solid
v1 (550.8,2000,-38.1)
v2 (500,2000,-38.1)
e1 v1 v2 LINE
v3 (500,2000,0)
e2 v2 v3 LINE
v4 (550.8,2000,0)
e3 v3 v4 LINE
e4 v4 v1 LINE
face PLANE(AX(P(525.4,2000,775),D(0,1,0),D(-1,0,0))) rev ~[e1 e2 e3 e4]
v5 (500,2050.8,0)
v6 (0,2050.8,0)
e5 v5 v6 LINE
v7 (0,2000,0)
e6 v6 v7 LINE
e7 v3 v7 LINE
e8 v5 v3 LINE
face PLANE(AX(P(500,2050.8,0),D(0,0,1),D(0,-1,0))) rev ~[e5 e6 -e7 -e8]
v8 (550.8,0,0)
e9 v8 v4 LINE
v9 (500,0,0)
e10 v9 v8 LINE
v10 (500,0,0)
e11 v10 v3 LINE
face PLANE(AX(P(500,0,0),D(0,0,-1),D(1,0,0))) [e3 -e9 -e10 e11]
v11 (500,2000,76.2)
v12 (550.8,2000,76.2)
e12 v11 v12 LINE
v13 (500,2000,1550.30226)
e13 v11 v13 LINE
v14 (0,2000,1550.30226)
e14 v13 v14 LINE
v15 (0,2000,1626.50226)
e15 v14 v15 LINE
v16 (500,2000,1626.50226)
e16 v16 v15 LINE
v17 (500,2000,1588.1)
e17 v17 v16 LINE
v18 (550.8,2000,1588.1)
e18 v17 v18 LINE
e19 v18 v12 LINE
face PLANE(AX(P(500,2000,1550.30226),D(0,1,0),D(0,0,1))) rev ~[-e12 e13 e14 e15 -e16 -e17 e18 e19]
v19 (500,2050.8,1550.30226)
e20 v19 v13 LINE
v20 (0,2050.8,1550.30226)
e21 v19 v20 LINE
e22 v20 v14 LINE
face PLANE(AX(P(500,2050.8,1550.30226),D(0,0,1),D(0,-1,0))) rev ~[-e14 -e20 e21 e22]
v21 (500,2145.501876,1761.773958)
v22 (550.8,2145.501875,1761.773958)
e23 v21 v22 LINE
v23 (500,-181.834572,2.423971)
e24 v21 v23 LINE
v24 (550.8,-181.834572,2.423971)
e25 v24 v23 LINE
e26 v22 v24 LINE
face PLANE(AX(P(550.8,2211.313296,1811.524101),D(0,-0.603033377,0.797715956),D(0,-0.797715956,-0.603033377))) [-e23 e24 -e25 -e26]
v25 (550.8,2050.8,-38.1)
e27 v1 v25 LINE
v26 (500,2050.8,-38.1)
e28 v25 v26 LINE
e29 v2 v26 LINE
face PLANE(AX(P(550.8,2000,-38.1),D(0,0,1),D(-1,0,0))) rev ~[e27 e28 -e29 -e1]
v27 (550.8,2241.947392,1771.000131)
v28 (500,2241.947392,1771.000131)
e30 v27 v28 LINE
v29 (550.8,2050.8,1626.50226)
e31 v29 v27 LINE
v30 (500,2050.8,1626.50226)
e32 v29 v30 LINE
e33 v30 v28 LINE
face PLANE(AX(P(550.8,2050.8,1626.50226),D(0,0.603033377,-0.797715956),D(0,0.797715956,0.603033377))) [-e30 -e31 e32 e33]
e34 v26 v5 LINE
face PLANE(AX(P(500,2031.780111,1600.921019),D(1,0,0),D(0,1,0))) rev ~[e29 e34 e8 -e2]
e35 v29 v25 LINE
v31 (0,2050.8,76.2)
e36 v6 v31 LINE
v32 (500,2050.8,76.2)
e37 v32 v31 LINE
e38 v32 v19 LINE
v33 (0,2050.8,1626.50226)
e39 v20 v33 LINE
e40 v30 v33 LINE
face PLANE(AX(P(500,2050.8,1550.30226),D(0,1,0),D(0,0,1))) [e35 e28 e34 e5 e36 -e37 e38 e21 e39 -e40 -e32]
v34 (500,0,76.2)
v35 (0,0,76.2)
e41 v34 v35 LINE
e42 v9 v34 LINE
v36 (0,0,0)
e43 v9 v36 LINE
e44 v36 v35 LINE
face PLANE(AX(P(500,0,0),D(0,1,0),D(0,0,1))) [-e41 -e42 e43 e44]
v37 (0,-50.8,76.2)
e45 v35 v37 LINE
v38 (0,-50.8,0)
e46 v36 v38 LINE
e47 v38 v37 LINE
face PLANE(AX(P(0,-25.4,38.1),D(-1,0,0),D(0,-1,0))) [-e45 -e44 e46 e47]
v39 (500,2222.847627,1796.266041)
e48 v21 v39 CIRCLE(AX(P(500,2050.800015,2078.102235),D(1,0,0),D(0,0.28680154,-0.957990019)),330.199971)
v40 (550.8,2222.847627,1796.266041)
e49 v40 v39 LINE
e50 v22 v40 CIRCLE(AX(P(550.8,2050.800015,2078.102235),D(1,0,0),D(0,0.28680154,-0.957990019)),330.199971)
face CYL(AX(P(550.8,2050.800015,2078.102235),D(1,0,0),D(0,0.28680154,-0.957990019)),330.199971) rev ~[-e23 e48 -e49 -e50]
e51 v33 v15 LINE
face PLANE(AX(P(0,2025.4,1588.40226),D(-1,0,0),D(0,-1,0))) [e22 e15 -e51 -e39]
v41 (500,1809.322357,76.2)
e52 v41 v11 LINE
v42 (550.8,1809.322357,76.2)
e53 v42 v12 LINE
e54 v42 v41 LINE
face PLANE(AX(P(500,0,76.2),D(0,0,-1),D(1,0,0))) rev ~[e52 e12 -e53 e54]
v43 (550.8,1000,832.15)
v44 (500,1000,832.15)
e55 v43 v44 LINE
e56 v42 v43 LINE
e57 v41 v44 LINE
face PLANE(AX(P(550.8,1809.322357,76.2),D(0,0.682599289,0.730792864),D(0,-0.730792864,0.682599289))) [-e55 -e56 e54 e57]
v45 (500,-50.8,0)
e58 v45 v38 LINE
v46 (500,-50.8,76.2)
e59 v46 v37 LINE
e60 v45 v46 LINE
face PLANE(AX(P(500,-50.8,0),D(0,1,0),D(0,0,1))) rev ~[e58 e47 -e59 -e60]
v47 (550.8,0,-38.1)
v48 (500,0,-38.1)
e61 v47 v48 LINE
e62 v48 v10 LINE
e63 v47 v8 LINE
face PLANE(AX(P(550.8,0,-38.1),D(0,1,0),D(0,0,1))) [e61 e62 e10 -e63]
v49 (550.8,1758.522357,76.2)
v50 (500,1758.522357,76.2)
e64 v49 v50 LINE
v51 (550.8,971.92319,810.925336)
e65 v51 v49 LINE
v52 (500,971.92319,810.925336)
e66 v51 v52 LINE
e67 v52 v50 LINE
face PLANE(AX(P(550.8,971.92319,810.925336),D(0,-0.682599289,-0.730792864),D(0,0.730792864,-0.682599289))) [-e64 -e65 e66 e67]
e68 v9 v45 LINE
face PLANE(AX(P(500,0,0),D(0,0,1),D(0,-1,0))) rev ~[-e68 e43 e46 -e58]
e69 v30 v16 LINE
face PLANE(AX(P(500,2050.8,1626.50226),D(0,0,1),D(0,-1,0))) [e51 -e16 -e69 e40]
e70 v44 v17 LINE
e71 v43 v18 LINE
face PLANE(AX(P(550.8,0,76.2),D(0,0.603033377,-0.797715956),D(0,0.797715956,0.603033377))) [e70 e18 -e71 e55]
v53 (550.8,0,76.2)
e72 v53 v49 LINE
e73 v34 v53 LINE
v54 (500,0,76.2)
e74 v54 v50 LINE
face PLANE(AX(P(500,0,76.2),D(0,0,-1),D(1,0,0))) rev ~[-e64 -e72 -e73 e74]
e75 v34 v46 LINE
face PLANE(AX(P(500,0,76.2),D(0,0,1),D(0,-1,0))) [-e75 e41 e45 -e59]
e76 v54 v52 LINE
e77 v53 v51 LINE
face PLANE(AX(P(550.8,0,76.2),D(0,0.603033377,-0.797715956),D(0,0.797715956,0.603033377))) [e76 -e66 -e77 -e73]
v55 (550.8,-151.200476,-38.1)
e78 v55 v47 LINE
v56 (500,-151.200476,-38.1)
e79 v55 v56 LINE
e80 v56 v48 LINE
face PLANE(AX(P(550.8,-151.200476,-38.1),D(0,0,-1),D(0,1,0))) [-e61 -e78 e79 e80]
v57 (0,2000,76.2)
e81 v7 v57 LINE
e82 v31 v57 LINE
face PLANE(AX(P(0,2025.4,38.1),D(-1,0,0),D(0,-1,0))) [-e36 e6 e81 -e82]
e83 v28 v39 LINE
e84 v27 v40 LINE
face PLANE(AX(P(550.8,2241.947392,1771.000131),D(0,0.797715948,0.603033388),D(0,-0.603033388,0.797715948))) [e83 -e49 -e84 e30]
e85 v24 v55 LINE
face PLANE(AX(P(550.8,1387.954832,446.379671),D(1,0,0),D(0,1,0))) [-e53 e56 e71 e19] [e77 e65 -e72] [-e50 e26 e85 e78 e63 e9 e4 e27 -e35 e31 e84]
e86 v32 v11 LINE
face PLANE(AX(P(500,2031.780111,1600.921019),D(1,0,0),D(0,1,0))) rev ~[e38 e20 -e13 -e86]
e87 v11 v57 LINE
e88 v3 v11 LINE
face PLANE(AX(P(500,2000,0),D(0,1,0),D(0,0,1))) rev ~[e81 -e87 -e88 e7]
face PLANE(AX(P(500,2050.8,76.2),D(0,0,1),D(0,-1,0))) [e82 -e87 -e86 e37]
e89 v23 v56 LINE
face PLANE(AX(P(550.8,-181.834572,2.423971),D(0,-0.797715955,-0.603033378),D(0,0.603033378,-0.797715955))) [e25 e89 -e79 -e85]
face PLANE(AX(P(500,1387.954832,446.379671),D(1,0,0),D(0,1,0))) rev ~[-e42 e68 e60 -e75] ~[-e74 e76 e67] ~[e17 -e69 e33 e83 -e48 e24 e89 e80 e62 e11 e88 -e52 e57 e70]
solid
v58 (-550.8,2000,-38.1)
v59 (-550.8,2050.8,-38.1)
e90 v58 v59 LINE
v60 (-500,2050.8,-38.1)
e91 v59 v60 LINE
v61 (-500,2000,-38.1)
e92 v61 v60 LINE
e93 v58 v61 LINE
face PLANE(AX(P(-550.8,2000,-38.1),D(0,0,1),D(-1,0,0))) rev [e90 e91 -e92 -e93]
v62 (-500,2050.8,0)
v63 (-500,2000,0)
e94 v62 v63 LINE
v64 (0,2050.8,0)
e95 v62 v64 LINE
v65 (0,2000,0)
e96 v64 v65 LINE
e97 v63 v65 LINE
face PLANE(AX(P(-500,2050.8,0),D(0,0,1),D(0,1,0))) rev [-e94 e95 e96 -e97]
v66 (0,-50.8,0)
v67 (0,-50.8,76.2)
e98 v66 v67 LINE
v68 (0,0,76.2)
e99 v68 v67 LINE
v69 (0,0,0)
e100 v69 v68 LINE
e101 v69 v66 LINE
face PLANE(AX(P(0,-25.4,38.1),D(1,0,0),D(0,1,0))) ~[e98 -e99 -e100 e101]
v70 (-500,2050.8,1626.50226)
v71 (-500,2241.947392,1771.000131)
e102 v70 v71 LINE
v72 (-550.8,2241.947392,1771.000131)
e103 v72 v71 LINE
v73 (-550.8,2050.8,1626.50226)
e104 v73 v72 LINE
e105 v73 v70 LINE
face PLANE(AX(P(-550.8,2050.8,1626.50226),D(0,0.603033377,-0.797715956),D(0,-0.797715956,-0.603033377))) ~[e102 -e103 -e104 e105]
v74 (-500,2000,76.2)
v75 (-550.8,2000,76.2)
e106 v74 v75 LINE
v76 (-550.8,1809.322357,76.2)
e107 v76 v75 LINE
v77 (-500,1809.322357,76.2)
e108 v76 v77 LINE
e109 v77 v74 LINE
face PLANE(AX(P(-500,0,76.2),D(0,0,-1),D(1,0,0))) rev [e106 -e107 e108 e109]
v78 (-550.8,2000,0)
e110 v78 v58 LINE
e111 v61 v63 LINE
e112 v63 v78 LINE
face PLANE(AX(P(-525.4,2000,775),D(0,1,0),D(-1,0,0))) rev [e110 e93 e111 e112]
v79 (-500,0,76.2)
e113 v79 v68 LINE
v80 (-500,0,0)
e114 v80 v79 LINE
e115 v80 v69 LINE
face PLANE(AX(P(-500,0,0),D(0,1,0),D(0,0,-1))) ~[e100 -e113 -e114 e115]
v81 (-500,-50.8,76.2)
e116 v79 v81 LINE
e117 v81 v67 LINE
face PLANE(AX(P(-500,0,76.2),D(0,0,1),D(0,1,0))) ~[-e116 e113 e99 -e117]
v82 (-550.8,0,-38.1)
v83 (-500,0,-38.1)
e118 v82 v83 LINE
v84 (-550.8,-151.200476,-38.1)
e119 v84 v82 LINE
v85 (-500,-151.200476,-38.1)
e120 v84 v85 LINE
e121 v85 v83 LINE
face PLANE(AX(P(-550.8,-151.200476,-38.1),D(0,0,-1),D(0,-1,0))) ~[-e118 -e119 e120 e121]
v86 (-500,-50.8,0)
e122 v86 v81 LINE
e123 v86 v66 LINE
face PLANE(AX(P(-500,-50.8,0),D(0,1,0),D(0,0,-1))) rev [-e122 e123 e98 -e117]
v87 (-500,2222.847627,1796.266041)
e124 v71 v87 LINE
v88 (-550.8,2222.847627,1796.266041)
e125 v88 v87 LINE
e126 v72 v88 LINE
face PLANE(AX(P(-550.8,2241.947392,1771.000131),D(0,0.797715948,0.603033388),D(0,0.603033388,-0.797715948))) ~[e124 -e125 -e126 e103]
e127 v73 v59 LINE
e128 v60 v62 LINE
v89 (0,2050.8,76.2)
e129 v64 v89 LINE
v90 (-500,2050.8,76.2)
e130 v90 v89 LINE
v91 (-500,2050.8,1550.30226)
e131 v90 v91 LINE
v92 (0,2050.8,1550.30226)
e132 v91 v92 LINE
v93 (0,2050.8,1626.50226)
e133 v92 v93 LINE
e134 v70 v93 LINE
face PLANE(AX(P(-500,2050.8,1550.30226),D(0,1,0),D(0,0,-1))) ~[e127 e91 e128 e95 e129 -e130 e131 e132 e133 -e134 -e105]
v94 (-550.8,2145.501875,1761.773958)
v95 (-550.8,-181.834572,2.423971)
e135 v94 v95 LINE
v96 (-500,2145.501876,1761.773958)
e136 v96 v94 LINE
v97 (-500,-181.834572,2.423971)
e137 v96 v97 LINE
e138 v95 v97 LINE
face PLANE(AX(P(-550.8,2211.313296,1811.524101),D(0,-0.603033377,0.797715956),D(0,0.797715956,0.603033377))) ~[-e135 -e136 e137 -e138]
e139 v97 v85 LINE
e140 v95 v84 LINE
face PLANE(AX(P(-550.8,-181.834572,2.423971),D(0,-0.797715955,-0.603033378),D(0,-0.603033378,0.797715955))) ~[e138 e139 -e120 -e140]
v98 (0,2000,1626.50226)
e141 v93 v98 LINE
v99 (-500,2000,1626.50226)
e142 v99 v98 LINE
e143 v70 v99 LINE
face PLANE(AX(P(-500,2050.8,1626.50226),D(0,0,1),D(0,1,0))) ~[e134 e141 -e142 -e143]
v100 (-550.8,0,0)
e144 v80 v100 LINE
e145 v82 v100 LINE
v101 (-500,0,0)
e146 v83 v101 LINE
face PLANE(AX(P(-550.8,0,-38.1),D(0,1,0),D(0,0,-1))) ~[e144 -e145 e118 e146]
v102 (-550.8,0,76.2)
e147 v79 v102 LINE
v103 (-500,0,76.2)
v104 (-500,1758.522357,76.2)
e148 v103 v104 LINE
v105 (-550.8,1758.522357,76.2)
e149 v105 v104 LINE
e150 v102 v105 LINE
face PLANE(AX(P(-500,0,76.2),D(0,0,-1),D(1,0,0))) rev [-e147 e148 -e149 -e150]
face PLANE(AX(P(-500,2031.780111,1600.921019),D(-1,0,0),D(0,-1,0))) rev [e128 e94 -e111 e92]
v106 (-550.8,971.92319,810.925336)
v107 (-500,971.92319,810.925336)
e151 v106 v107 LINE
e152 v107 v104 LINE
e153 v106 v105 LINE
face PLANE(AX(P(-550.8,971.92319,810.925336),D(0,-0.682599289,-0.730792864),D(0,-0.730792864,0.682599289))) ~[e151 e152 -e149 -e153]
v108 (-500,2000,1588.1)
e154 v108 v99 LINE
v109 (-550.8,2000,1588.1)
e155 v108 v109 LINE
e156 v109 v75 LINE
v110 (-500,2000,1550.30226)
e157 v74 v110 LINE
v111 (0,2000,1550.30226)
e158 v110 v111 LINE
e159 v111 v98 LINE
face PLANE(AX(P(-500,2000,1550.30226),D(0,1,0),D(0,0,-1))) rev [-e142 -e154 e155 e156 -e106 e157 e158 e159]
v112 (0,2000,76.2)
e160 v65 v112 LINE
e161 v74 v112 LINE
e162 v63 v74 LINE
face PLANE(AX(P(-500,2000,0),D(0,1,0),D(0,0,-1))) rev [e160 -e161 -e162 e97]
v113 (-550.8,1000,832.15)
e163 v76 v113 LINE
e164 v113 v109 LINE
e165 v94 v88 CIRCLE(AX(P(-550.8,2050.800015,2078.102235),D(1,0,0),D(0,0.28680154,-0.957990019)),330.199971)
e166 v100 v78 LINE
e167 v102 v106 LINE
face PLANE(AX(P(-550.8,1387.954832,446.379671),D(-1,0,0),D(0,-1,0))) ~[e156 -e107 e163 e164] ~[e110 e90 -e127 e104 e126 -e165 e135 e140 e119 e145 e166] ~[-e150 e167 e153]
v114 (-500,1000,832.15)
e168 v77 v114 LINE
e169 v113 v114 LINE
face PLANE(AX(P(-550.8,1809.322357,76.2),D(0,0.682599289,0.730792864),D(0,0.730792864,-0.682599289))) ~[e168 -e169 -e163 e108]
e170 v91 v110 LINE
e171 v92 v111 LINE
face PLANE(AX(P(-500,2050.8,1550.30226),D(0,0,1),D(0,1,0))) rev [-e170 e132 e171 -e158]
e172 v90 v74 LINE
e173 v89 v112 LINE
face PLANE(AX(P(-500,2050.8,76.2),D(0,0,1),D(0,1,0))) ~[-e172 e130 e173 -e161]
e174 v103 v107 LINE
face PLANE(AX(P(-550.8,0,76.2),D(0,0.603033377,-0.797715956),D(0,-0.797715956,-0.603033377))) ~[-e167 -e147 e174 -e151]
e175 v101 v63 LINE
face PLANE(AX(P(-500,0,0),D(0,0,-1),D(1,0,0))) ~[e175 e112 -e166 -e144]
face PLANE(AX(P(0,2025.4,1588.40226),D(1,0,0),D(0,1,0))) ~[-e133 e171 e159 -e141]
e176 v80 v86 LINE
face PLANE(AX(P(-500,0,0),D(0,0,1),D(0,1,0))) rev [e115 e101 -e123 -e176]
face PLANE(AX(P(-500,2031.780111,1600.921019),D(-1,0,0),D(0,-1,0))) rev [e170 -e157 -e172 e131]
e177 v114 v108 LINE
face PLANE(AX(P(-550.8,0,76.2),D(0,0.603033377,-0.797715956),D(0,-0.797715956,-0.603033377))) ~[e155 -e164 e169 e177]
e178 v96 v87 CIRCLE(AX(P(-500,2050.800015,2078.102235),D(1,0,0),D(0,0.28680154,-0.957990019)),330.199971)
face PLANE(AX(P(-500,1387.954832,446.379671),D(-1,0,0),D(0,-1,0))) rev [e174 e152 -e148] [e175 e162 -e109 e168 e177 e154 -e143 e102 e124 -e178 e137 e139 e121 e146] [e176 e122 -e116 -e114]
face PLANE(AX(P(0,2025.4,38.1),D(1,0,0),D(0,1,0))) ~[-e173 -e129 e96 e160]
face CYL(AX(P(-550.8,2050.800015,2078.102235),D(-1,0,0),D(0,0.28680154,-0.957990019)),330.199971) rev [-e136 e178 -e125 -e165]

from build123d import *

# Parameters (mm, degrees)
F0_W      = 50.8
F0_H      = 76.2
F1_DEPTH  = 2000
F3_DEPTH  = 50.8
F5_DEPTH  = 50.8
F6_W      = 50.8
F6_H      = 76.2
F7_DEPTH  = 500
F9_DEPTH  = 50.8
F12_DEPTH = 1050.801
F14_DEPTH = 50.8


with BuildPart() as f1:
    # F0 (on Front) → F1 (new body)
    with BuildSketch(Plane.XZ):
        with Locations((525.4, 38.1)):
            Rectangle(F0_W, F0_H)
    extrude(amount=-F1_DEPTH)

    # F2 (on face) → F3 (join)
    with BuildSketch(Plane(origin=(0, 2000, 0), x_dir=(-1, 0, 0), z_dir=(0, 1, 0))):
        Polygon((-550.8, 1588.1), (-550.8, 38.1), (-550.8, -38.1), (-500, -38.1), (-500, 38.1), (-500, 1588.1), align=None)
    extrude(amount=F3_DEPTH)

    # F4 (on face) → F5 (join)
    with BuildSketch(Plane.YZ.offset(550.8)):
        Polygon((2050.8, 1626.50226), (2000, 1588.1), (2050.8, 1588.1), align=None)
        Polygon((-151.200476, -38.1), (0, 76.2), (2000, 1588.1), (2050.8, 1626.50226), (2241.947392, 1771.000131), (2211.313296, 1811.524101), (-181.834572, 2.423971), align=None)
        Polygon((0, 0), (0, 76.2), (-151.200476, -38.1), (0, -38.1), align=None)
    extrude(amount=-F5_DEPTH)

    # F6 (on face) → F7 (join)
    with BuildSketch(Plane(origin=(500, 0, 0), x_dir=(0, -1, 0), z_dir=(-1, 0, 0))):
        with Locations((25.4, 38.1)):
            Rectangle(F6_W, F6_H)
        with Locations((-2025.4, 38.1)):
            Rectangle(F6_W, F6_H)
        with Locations((-2025.4, 1588.40226)):
            Rectangle(F6_W, F6_H)
    extrude(amount=F7_DEPTH)

    # F11 (on face) → F12 (cut, through all)
    with BuildSketch(Plane.YZ.offset(550.8)):
        with BuildLine():
            ThreePointArc((2145.501875, 1761.773958), (2185.28513, 1776.530063), (2222.847627, 1796.266041))
            Line((2222.847627, 1796.266041), (2211.313296, 1811.524101))
            Line((2211.313296, 1811.524101), (2145.501875, 1761.773958))
        make_face()
    extrude(amount=-F12_DEPTH, mode=Mode.SUBTRACT)

    # F13 (on face) → F14 (join)
    with BuildSketch(Plane.YZ.offset(550.8)):
        Polygon((1758.522357, 76.2), (1809.322357, 76.2), (1000, 832.15), (971.92319, 810.925336), align=None)
    extrude(amount=-F14_DEPTH)


with BuildPart() as f9:
    # F8 (on face) → F9 (new body)
    with BuildSketch(Plane(origin=(0, 2050.8, 0), x_dir=(-1, 0, 0), z_dir=(0, 1, 0))):
        Polygon((-500, 1270.90226), (-500, 1220.10226), (-39.943245, 927.55113), (0, 952.95113), align=None)
        Polygon((-500, 635), (-500, 584.2), (0, 902.15113), (-39.943245, 927.55113), align=None)
        Polygon((39.943245, 927.55113), (0, 902.15113), (500, 584.2), (500, 635), align=None)
        Polygon((0, 952.95113), (39.943245, 927.55113), (500, 1220.10226), (500, 1270.90226), align=None)
    extrude(amount=-F9_DEPTH)


with BuildPart() as f15_1:
    # F15: instance of F1
    add(f1.part.mirror(Plane(origin=(0, 2025.4, 38.1), x_dir=(0, -1, 0), z_dir=(-1, 0, 0))))


with BuildPart() as f15_2:
    # F15: instance of F9
    add(f9.part.mirror(Plane(origin=(0, 2025.4, 38.1), x_dir=(0, -1, 0), z_dir=(-1, 0, 0))))


solid = Compound([f1.part, f15_1.part])
